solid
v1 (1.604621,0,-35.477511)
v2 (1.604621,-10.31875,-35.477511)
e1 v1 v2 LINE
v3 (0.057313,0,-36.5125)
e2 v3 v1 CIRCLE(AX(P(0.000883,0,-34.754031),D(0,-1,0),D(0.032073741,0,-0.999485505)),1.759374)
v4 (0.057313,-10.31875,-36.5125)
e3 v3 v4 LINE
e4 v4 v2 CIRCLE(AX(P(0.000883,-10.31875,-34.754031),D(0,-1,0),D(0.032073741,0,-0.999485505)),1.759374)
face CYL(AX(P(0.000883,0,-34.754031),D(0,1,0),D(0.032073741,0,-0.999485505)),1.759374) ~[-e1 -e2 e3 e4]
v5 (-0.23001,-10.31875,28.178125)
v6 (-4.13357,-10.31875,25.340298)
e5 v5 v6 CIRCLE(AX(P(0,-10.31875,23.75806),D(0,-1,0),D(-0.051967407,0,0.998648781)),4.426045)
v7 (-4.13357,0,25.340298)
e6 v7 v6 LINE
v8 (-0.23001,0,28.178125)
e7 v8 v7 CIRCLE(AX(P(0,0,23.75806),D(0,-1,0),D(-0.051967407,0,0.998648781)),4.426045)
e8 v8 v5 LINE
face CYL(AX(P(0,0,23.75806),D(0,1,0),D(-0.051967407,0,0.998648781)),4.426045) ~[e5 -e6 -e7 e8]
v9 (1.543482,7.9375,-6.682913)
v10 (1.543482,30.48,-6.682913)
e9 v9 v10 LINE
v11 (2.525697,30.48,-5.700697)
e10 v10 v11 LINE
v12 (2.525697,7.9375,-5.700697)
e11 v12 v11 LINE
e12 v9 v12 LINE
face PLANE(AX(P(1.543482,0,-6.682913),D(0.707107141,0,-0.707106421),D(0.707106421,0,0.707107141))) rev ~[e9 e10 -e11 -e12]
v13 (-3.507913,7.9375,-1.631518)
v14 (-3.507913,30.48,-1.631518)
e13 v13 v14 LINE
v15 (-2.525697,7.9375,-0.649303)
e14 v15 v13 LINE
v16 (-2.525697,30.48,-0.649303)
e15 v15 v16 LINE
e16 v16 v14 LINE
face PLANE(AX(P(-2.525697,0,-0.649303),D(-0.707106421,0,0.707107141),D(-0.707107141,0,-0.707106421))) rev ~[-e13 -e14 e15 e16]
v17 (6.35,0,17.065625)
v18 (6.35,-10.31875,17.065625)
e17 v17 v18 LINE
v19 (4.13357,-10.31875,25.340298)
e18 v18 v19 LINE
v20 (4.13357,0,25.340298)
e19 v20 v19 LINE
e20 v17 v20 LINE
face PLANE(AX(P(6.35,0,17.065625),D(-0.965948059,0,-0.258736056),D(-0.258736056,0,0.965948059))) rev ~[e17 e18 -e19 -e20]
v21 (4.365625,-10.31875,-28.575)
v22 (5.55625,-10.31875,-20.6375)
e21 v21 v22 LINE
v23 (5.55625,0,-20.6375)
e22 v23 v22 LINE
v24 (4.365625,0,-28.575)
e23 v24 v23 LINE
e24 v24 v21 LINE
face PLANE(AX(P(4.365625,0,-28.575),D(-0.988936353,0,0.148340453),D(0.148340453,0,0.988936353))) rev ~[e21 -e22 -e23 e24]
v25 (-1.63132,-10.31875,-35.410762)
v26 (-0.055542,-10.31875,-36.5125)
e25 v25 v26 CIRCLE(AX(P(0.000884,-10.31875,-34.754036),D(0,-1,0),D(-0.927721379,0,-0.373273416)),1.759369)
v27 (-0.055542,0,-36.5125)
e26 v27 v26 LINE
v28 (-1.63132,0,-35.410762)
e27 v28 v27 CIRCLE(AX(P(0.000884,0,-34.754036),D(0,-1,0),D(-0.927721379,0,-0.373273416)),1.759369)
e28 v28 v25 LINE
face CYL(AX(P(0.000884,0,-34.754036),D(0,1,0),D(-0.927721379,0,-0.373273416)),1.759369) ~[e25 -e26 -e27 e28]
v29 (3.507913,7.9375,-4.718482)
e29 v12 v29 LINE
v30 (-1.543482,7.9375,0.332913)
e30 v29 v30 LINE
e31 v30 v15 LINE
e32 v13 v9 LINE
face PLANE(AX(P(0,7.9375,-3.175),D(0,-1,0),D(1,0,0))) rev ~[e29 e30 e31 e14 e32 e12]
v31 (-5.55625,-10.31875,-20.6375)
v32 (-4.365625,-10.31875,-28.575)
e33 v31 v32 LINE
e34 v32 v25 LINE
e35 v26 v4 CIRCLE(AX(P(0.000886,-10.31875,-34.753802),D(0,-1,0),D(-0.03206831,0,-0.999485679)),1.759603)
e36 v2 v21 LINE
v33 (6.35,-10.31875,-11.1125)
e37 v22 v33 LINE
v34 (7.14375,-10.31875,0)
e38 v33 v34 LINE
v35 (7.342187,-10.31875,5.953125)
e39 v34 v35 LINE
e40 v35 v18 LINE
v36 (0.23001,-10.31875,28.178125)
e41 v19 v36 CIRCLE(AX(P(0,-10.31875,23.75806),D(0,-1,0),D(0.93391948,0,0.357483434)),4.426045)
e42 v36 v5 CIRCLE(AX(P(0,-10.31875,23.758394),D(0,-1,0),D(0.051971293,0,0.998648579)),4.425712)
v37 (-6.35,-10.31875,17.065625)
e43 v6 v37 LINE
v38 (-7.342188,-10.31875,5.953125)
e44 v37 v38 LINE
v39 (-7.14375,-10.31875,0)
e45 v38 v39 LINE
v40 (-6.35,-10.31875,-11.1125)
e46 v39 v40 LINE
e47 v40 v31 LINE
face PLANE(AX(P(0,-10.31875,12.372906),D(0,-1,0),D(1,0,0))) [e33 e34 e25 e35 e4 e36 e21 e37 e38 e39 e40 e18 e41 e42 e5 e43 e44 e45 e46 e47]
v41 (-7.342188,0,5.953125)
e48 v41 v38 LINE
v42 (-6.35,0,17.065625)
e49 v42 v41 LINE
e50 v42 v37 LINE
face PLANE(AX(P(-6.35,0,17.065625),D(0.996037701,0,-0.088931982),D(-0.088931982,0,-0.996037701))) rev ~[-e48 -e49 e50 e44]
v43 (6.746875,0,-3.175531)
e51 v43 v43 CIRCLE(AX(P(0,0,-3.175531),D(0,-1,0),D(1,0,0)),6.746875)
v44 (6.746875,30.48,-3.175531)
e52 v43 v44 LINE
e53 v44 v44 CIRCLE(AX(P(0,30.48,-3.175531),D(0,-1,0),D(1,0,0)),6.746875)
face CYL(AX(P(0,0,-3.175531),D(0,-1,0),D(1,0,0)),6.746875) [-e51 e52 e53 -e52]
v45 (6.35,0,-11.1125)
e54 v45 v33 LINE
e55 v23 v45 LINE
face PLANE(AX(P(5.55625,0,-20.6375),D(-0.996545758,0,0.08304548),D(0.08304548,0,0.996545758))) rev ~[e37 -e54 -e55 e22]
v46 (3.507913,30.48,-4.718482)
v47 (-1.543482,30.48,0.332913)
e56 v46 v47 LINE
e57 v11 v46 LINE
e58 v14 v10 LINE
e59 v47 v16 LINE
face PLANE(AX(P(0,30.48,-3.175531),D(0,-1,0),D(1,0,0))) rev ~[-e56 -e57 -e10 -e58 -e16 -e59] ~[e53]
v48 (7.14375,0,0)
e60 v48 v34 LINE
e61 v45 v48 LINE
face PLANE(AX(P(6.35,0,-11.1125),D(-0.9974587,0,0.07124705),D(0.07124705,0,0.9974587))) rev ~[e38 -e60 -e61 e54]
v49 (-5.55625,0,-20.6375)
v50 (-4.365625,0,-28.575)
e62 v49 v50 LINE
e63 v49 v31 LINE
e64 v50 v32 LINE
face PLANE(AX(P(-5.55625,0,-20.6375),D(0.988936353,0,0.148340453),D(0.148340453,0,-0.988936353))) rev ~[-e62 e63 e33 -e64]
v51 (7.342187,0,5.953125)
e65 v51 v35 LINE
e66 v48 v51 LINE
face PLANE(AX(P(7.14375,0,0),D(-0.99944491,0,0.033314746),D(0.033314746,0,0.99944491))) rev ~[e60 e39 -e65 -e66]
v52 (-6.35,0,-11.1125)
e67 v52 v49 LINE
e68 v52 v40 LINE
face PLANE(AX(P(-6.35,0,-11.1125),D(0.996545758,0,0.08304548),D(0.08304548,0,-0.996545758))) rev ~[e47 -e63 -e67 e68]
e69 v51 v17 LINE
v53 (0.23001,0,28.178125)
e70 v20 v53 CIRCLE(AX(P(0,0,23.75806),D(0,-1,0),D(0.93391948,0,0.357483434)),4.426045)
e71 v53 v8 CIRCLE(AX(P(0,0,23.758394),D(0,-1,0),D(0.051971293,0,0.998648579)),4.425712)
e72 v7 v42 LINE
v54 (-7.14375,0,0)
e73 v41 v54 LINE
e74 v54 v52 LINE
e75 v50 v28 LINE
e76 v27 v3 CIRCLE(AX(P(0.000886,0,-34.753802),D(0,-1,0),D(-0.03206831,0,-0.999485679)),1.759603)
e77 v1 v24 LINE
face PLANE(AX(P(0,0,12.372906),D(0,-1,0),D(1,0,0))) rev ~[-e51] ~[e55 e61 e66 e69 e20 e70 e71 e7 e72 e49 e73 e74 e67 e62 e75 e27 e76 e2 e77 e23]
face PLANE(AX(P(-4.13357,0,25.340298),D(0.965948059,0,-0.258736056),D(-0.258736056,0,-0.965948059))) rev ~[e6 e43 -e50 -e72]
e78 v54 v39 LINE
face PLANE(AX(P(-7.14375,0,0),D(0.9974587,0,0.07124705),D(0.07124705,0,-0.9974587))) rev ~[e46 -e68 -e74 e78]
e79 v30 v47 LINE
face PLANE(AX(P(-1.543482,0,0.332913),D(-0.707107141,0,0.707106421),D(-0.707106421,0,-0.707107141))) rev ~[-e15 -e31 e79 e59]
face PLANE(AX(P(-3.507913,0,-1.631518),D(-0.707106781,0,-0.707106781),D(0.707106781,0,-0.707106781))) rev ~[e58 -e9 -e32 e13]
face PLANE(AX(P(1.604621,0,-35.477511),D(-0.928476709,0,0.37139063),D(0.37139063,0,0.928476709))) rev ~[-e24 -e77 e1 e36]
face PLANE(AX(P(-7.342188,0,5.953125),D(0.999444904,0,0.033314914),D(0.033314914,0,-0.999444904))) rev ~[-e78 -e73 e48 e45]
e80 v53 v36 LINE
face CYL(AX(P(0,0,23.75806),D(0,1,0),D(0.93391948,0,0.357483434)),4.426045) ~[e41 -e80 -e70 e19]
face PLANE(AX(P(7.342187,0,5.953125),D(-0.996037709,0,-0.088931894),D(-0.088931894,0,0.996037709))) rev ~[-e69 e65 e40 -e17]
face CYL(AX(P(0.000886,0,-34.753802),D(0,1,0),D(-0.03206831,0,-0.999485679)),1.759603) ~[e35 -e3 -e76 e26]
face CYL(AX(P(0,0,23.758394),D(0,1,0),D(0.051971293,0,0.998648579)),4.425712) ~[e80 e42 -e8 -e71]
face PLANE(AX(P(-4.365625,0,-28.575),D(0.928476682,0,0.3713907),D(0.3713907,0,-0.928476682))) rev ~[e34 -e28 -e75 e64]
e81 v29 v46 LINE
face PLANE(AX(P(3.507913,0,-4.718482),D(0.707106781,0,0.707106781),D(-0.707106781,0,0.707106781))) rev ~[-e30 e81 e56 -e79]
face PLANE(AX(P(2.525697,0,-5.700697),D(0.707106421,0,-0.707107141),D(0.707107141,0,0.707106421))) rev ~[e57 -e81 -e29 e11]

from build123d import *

# Parameters (mm, degrees)
F4_DEPTH = 10.31875
F1_R     = 6.746875
F5_DEPTH = 30.48
F6_DEPTH = 35.3822
F7_DEPTH = 7.9375


with BuildPart() as f4:
    # F0 (on Front) → F4 (new body)
    with BuildSketch(Plane.XZ):
        with BuildLine():
            Line((-7.342188, 5.953125), (-7.14375, 0))
            Line((-7.14375, 0), (7.14375, 0))
            Line((7.14375, 0), (7.342187, 5.953125))
            Line((7.342187, 5.953125), (6.35, 17.065625))
            Line((6.35, 17.065625), (4.13357, 25.340298))
            ThreePointArc((4.13357, 25.340298), (2.602599, 27.338054), (0.23001, 28.178125))
            Line((0.23001, 28.178125), (-0.23001, 28.178125))
            ThreePointArc((-0.23001, 28.178125), (-2.602599, 27.338054), (-4.13357, 25.340298))
            Line((-4.13357, 25.340298), (-6.35, 17.065625))
            Line((-6.35, 17.065625), (-7.342188, 5.953125))
        make_face()
        with BuildLine():
            Line((7.14375, 0), (-7.14375, 0))
            Line((-7.14375, 0), (-6.35, -11.1125))
            Line((-6.35, -11.1125), (-5.55625, -20.6375))
            Line((-5.55625, -20.6375), (-4.365625, -28.575))
            Line((-4.365625, -28.575), (-1.63132, -35.410762))
            ThreePointArc((-1.63132, -35.410762), (-1.007245, -36.195929), (-0.055542, -36.5125))
            Line((-0.055542, -36.5125), (0.057313, -36.5125))
            ThreePointArc((0.057313, -36.5125), (0.979065, -36.216412), (1.604621, -35.477511))
            Line((1.604621, -35.477511), (4.365625, -28.575))
            Line((4.365625, -28.575), (5.55625, -20.6375))
            Line((5.55625, -20.6375), (6.35, -11.1125))
            Line((6.35, -11.1125), (7.14375, 0))
        make_face()
        with BuildLine():
            ThreePointArc((0.23001, 28.178125), (0, 28.184106), (-0.23001, 28.178125))
            Line((-0.23001, 28.178125), (0.23001, 28.178125))
        make_face()
        with BuildLine():
            Line((0.057313, -36.5125), (-0.055542, -36.5125))
            ThreePointArc((-0.055542, -36.5125), (0.000885, -36.513405), (0.057313, -36.5125))
        make_face()
    extrude(amount=F4_DEPTH)

    # F1 (on Front) → F5 (join)
    with BuildSketch(Plane.XZ):
        with Locations((0, -3.175531)):
            Circle(F1_R)
    extrude(amount=-F5_DEPTH)

    # F2 (on Front) → F6 (cut)
    with BuildSketch(Plane.XZ):
        Polygon((-1.543482, 0.332913), (-2.525697, -0.649303), (-3.507913, -1.631518), (1.543482, -6.682913), (2.525697, -5.700697), (3.507913, -4.718482), align=None)
    extrude(amount=-F6_DEPTH, mode=Mode.SUBTRACT)

    # F3 (on Front) → F7 (join)
    with BuildSketch(Plane.XZ):
        Polygon((-1.543482, 0.332913), (-2.525697, -0.649303), (-3.507913, -1.631518), (1.543482, -6.682913), (2.525697, -5.700697), (3.507913, -4.718482), align=None)
    extrude(amount=-F7_DEPTH)


solid = f4.part
